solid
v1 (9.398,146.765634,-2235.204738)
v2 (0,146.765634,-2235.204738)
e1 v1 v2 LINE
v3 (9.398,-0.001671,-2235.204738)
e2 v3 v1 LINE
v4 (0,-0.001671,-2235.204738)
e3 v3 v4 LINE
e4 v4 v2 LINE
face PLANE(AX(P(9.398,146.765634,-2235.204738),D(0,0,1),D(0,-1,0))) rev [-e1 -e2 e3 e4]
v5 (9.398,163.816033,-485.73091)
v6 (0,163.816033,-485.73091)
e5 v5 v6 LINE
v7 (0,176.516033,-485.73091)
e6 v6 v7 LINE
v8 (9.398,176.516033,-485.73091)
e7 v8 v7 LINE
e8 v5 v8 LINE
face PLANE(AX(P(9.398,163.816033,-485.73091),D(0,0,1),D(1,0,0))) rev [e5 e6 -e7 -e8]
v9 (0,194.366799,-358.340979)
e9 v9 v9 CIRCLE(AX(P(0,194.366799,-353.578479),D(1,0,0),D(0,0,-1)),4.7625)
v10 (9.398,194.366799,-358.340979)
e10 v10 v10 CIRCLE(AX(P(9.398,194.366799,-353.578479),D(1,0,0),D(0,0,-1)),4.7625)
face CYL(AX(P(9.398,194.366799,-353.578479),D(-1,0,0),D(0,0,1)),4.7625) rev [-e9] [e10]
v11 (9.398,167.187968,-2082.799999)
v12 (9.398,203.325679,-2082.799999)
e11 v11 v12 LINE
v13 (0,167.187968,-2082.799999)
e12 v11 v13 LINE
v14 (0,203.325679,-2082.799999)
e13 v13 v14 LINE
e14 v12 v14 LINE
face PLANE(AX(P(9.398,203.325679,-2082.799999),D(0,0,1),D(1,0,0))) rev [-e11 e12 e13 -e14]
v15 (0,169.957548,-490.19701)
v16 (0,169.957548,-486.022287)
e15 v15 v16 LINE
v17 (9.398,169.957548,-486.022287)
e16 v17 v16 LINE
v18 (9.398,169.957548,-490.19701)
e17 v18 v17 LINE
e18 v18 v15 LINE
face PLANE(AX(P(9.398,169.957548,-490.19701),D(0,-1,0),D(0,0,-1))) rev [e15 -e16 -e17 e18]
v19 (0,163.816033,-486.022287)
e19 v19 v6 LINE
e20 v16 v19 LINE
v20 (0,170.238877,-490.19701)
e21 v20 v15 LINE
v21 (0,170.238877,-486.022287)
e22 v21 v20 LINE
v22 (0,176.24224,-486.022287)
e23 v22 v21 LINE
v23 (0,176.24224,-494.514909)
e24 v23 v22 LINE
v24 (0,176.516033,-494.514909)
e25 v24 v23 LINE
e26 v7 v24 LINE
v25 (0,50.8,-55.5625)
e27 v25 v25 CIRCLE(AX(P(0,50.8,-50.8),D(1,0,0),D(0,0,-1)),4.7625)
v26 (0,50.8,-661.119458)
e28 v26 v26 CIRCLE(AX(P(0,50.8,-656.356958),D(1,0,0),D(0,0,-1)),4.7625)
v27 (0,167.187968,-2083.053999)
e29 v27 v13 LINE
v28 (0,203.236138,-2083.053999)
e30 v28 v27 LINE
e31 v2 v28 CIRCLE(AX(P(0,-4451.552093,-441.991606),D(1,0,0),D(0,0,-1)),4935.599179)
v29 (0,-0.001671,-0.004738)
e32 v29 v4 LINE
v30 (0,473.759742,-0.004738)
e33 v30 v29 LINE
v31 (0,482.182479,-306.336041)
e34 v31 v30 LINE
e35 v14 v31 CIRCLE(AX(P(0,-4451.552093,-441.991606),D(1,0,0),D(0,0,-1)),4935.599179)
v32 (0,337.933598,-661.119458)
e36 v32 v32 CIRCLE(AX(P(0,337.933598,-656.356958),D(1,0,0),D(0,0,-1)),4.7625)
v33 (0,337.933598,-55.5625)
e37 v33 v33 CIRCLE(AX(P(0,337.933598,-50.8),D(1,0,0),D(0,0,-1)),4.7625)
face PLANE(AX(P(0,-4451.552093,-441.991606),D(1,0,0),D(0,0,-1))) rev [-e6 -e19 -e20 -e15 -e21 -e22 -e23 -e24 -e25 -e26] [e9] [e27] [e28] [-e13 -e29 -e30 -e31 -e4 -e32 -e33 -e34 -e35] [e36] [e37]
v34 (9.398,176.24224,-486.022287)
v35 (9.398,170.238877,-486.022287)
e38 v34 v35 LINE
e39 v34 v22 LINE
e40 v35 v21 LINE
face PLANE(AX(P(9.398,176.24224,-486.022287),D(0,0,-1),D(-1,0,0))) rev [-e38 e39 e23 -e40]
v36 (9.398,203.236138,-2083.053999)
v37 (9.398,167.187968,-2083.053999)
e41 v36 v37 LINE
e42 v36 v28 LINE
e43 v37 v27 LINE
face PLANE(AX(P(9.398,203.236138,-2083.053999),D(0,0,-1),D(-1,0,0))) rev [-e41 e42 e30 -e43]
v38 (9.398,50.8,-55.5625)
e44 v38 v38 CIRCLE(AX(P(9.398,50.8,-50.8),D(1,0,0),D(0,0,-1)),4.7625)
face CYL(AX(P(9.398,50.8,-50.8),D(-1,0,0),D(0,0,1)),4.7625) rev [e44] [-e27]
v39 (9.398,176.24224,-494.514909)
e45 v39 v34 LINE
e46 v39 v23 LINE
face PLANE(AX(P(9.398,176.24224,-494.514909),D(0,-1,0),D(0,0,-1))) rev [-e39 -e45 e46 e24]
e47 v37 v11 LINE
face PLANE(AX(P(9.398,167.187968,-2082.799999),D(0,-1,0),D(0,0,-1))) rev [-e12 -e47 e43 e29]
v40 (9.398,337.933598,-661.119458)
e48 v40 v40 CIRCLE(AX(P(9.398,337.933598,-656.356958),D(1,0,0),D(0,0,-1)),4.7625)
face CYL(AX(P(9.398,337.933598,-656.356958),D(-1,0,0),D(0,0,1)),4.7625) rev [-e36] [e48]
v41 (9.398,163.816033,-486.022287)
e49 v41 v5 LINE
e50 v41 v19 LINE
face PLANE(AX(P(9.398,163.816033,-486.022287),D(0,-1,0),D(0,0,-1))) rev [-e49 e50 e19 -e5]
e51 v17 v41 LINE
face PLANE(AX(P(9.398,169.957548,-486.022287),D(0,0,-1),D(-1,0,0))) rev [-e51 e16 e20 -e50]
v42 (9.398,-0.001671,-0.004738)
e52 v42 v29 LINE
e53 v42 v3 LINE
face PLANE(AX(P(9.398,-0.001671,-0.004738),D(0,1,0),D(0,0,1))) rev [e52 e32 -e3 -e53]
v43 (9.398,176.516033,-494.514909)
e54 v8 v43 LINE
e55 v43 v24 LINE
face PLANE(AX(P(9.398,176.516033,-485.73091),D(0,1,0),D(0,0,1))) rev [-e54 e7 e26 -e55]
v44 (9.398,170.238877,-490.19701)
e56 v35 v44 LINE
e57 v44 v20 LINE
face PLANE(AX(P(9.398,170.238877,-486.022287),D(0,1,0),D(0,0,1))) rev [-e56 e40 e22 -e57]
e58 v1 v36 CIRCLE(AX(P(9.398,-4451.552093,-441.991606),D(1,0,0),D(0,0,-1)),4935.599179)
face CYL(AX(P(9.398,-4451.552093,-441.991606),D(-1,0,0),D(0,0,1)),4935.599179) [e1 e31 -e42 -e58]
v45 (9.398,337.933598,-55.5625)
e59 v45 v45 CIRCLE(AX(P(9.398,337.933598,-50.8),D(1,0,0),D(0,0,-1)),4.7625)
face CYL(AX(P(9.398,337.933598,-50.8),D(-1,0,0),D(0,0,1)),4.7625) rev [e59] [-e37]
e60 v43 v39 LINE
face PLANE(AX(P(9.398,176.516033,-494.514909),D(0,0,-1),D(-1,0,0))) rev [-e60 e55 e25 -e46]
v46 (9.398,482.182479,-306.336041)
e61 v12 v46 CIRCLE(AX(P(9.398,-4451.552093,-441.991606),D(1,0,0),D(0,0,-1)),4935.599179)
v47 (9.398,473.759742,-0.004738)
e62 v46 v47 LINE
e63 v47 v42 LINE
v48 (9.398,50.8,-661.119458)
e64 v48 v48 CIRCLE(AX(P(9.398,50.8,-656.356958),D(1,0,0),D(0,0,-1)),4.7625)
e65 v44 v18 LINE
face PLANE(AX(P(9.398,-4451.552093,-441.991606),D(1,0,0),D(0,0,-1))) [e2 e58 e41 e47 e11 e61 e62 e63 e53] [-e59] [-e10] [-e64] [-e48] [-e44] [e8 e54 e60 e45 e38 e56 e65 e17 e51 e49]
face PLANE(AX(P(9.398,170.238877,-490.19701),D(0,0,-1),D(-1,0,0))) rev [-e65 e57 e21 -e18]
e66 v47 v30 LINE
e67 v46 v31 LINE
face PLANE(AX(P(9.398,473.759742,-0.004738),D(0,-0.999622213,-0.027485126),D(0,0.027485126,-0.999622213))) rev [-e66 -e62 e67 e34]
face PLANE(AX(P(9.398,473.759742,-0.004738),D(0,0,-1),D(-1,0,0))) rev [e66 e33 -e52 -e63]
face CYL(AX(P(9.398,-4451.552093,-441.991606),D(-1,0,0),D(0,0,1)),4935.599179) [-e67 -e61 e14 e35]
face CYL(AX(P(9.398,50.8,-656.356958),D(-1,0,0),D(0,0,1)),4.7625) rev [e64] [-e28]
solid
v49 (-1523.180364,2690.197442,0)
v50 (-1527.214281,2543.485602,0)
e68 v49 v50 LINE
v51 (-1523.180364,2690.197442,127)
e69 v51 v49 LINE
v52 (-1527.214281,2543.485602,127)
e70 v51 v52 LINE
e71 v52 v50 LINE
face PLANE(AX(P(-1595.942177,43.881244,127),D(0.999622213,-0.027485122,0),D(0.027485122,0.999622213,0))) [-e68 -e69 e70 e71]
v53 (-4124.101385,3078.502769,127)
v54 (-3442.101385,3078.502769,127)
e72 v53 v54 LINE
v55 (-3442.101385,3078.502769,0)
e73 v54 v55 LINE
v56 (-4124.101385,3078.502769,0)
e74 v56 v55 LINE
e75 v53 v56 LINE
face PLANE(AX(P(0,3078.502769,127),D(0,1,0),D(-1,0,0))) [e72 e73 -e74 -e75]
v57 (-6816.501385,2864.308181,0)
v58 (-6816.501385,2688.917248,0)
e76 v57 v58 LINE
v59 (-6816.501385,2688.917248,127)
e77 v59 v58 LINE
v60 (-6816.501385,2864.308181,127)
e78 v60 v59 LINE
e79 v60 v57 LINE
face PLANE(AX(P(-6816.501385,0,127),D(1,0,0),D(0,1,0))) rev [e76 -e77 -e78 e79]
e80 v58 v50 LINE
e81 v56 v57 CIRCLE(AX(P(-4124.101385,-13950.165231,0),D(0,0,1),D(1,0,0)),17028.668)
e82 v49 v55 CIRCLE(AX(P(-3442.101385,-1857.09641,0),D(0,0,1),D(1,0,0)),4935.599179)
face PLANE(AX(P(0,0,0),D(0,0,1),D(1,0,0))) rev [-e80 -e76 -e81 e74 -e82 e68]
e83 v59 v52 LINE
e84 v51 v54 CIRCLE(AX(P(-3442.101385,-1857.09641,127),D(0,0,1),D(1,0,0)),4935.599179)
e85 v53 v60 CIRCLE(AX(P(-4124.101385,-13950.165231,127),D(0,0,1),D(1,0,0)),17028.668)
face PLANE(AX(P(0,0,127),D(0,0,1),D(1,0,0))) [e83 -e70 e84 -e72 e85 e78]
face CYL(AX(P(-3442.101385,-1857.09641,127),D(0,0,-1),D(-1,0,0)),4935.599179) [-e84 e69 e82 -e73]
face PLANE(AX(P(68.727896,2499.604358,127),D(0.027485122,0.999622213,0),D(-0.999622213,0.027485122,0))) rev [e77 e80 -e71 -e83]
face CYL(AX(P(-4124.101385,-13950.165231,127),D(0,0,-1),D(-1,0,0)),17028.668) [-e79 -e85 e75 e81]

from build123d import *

# Parameters (mm, degrees)
BOSS_EXTRUDE1_DEPTH = 127
SKETCH2_R           = 4.7625
BOSS_EXTRUDE2_DEPTH = 9.398


with BuildPart() as part:
    # Sketch1 → Boss-Extrude1 (new body)
    with BuildSketch(Plane.XY):
        with BuildLine():
            Line((-6816.501384736, 2864.308180535), (-6816.501384736, 2688.917247583))
            Line((-6816.501384736, 2688.917247583), (-1527.214280962, 2543.485601502))
            Line((-1527.214280962, 2543.485601502), (-1523.180364096, 2690.197441952))
            ThreePointArc((-1523.180364096, 2690.197441952), (-2463.193969456, 2980.452507773), (-3442.101384736, 3078.502769387))
            Line((-3442.101384736, 3078.502769387), (-4124.101384736, 3078.502769387))
            ThreePointArc((-4124.101384736, 3078.502769387), (-5474.554742122, 3024.869661361), (-6816.501384736, 2864.308180535))
        make_face()
    extrude(amount=BOSS_EXTRUDE1_DEPTH)


with BuildPart() as body_2:
    # Sketch2 → Boss-Extrude2 (new body)
    with BuildSketch(Plane(origin=(0, 0, 0), x_dir=(0, 0, -1), z_dir=(1, 0, 0))):
        with BuildLine():
            Line((0.004738377, 473.759742407), (306.336040574, 482.182478791))
            ThreePointArc((306.336040574, 482.182478791), (1207.374867605, 424.340411932), (2082.799998861, 203.325679209))
            Line((2082.799998861, 203.325679209), (2082.799998861, 167.187967798))
            Line((2082.799998861, 167.187967798), (2083.053998861, 167.187967798))
            Line((2083.053998861, 167.187967798), (2083.053998861, 203.236138383))
            ThreePointArc((2083.053998861, 203.236138383), (2159.361491956, 175.626305447), (2235.204738323, 146.76563398))
            Line((2235.204738323, 146.76563398), (2235.204738377, -0.001670525))
            Line((2235.204738377, -0.001670525), (0.004738377, -0.001670525))
            Line((0.004738377, -0.001670525), (0.004738377, 473.759742407))
        make_face()
        with Locations((656.356957587, 337.933597897)):
            Circle(SKETCH2_R, mode=Mode.SUBTRACT)
        with Locations((656.356957587, 50.8)):
            Circle(SKETCH2_R, mode=Mode.SUBTRACT)
        with Locations((50.8, 50.8)):
            Circle(SKETCH2_R, mode=Mode.SUBTRACT)
        with Locations((50.8, 337.933597897)):
            Circle(SKETCH2_R, mode=Mode.SUBTRACT)
        with Locations((353.578478793, 194.366798948)):
            Circle(SKETCH2_R, mode=Mode.SUBTRACT)
        Polygon((494.514909268, 176.24223961), (486.022286641, 176.24223961), (486.022286641, 170.238877268), (490.197009742, 170.238877268), (490.197009742, 169.957548154), (486.022286641, 169.957548154), (486.022286641, 163.816033122), (485.730910059, 163.816033122), (485.730910059, 176.516033122), (494.514909268, 176.516033122), align=None, mode=Mode.SUBTRACT)
    extrude(amount=BOSS_EXTRUDE2_DEPTH)


solid = Compound([part.part, body_2.part])
